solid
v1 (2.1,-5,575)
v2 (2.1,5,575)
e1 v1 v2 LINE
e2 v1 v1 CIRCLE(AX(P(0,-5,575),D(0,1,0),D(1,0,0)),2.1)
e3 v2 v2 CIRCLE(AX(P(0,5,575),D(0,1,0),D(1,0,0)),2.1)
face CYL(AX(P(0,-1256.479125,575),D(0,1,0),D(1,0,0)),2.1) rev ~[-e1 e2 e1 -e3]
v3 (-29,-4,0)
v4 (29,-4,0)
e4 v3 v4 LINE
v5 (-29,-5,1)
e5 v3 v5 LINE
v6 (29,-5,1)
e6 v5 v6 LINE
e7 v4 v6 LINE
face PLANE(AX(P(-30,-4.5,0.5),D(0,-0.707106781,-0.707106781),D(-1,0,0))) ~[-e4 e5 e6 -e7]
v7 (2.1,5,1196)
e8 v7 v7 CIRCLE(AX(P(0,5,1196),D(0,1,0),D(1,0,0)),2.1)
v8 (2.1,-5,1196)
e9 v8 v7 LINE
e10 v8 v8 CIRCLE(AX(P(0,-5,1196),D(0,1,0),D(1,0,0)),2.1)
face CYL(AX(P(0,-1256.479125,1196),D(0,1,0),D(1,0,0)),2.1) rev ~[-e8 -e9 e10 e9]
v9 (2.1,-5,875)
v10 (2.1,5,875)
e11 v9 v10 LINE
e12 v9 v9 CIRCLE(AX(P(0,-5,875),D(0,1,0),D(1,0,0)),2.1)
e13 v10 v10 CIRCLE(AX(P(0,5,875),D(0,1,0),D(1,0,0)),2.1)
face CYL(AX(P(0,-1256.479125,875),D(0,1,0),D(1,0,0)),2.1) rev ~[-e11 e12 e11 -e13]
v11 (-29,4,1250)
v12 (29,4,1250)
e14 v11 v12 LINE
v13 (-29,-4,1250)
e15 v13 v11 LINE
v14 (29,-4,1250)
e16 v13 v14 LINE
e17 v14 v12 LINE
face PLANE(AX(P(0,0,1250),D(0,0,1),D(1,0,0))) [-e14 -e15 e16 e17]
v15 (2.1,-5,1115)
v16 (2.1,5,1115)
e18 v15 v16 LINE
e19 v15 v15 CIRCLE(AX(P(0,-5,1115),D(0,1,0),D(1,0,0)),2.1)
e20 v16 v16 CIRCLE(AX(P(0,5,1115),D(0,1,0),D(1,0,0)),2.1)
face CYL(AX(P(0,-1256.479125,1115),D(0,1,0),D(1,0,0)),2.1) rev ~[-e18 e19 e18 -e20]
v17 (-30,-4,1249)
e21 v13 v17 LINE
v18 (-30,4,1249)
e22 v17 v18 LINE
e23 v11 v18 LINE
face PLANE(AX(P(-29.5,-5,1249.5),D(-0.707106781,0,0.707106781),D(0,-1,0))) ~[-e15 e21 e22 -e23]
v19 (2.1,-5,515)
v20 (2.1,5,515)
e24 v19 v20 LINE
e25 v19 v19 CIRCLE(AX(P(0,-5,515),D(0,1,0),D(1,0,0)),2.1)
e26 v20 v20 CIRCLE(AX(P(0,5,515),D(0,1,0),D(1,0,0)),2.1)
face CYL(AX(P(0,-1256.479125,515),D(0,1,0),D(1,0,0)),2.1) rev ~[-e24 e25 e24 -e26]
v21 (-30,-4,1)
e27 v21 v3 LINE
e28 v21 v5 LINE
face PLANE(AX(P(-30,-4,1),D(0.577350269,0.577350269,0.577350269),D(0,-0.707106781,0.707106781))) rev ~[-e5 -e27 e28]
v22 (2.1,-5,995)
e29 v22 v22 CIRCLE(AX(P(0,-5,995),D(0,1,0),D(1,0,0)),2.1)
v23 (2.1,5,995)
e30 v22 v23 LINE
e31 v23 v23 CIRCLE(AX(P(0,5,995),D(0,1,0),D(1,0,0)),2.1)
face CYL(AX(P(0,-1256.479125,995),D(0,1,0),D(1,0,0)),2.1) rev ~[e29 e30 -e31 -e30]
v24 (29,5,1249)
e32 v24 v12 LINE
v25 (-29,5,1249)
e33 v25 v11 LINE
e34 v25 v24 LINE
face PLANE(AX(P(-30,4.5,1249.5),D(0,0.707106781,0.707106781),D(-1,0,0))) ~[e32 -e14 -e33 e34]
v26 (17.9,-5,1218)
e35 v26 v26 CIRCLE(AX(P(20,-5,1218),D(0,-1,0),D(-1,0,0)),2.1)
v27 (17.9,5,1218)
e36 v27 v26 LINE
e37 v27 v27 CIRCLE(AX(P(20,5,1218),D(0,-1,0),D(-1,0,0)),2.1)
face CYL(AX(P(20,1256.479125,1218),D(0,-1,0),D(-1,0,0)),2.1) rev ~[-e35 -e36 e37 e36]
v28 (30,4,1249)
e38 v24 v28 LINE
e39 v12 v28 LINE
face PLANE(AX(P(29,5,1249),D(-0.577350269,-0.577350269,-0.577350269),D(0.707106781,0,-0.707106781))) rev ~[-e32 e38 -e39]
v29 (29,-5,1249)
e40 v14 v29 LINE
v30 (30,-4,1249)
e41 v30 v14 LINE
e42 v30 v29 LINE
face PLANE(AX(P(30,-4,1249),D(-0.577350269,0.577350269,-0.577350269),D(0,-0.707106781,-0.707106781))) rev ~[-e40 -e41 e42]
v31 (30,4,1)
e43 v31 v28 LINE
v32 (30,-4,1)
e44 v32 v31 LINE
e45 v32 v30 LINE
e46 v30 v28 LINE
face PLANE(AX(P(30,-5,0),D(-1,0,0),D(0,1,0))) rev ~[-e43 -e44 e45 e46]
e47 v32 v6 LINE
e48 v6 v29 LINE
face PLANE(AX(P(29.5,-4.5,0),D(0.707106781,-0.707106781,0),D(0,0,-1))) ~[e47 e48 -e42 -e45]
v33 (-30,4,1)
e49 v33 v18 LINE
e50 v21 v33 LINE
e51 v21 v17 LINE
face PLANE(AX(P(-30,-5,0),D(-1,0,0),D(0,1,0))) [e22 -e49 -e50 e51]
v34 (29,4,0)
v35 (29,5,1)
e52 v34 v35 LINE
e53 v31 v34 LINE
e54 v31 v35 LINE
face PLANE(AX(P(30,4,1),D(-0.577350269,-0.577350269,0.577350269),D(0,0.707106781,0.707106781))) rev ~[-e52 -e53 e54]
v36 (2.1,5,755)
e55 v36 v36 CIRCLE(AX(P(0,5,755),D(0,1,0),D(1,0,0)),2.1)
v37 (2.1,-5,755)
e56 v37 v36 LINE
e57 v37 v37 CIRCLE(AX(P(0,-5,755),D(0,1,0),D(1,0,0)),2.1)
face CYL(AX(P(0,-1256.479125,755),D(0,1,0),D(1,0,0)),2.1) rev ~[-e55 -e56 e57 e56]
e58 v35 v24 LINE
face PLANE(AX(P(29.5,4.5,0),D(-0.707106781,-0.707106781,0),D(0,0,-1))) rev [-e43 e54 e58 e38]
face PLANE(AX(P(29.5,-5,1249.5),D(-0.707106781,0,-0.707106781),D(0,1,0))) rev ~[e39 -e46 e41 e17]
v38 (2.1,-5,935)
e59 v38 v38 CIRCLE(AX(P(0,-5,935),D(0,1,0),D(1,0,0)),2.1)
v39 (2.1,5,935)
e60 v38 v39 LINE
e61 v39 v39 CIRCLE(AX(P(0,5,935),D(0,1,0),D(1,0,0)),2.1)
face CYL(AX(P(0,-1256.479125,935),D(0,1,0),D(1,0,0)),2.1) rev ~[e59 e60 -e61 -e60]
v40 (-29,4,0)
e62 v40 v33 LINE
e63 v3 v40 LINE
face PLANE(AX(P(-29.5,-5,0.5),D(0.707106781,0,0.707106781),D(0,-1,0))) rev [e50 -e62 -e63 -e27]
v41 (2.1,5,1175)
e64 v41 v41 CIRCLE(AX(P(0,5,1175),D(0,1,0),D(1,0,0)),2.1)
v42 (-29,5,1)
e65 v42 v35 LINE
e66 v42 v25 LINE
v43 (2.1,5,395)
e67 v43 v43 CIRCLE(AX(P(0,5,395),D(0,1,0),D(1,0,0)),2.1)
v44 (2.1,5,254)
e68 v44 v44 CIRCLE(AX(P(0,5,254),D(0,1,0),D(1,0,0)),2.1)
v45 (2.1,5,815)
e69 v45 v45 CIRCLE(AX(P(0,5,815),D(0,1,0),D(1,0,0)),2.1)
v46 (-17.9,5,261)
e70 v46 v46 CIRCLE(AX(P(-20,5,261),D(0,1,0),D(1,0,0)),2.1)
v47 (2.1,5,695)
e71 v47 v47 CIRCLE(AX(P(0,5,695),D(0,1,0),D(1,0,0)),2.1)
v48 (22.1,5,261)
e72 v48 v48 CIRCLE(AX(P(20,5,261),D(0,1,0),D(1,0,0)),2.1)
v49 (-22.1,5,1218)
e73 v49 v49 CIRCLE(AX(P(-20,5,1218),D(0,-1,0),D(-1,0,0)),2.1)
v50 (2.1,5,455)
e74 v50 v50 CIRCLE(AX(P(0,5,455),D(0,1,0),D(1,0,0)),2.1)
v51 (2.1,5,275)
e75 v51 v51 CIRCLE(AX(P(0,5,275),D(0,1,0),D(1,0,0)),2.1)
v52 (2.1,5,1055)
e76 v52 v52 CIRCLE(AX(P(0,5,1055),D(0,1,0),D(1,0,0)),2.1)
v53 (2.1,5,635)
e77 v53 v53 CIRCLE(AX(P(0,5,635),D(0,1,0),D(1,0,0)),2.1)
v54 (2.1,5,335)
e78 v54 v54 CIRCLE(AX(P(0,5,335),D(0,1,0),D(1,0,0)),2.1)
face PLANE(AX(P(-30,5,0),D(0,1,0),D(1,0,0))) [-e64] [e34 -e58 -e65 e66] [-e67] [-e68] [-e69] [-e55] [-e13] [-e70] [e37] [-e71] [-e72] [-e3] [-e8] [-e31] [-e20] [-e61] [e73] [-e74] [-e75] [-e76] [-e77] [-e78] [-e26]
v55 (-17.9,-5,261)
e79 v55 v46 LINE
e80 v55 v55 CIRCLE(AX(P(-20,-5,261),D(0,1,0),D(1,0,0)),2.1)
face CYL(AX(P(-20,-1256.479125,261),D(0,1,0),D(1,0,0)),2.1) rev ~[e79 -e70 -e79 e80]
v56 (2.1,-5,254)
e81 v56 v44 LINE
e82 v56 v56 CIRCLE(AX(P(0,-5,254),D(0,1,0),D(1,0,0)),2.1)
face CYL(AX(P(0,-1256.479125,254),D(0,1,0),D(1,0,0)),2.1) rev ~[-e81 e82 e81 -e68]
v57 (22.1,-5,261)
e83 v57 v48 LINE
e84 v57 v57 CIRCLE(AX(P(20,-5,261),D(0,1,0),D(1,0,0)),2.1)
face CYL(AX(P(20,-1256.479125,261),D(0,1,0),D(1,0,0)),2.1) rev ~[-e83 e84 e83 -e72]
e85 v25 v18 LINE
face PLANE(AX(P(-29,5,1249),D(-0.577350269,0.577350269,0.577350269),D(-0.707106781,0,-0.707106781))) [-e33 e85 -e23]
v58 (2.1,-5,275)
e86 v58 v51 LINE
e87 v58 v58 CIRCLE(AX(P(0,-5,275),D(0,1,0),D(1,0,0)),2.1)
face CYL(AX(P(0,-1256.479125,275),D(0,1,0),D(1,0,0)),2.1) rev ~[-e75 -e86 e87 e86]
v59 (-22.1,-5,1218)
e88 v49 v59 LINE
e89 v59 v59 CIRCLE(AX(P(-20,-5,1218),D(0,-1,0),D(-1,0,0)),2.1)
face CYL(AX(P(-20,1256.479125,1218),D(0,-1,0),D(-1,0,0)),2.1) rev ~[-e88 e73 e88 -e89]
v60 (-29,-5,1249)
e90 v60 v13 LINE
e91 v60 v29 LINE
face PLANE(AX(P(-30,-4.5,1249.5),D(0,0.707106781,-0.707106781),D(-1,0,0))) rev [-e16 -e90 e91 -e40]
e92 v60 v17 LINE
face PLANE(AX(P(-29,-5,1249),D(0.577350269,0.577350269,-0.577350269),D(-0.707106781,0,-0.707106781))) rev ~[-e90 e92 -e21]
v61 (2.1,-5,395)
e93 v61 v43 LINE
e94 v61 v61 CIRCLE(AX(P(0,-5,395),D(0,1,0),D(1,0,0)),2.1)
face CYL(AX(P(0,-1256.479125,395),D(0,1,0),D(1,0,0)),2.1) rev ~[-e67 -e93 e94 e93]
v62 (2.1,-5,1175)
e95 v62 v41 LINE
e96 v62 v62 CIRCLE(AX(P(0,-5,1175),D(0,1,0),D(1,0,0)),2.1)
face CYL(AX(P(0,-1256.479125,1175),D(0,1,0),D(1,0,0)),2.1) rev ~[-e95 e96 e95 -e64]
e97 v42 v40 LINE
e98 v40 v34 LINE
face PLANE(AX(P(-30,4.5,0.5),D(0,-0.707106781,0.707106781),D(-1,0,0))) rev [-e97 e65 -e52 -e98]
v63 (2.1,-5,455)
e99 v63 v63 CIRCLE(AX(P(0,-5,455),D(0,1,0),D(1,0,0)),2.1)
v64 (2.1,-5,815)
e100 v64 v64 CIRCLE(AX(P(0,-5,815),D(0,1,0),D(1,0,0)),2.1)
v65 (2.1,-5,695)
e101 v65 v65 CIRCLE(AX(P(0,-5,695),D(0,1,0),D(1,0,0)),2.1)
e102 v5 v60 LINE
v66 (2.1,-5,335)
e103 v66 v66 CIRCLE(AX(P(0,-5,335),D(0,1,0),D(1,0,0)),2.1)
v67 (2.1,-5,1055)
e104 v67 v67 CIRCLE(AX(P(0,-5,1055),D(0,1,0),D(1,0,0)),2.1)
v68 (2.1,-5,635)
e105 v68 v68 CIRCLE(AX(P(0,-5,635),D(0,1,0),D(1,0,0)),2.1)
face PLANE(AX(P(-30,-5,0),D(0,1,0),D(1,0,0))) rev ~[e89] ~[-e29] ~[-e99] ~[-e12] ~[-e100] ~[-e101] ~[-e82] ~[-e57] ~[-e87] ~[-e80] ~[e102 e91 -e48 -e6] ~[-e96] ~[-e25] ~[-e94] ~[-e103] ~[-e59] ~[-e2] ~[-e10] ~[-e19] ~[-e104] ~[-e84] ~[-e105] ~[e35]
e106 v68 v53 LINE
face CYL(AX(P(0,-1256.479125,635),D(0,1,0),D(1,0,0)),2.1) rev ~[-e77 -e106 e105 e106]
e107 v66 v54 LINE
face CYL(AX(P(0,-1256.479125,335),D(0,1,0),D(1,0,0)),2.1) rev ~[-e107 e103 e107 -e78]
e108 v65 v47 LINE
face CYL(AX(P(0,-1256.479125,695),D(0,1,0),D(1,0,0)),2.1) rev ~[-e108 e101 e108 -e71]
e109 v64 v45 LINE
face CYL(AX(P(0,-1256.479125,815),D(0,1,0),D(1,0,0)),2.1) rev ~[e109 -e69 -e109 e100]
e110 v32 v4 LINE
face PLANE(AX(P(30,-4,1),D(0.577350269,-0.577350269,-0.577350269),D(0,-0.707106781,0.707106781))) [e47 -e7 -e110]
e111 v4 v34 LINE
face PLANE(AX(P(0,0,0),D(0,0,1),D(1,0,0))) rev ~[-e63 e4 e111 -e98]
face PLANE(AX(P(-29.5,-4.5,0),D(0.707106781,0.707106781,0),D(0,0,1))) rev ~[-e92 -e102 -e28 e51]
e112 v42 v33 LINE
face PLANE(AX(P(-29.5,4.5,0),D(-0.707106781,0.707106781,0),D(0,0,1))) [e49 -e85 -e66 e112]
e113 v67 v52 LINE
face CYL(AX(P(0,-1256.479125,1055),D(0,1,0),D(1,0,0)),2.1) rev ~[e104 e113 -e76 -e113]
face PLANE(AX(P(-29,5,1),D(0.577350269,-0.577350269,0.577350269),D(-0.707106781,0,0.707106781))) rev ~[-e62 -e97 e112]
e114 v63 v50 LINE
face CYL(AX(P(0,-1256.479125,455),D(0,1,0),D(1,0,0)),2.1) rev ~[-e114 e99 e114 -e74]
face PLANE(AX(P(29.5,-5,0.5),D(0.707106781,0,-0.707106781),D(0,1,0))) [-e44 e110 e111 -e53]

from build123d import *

# Parameters (mm, degrees)
SKETCH_1_W         = 60
SKETCH_1_H         = 10
EXTRUDE_2_DEPTH    = 1250
HOLE_WIZARD_M5_2_D = 4.2
HOLE_WIZARD_M5_1_D = 4.2
CHAMFER_1_SIZE     = 1
HOLE_WIZARD_M5_3_D = 4.2
HOLE_WIZARD_M5_4_D = 4.2


with BuildPart() as part:
    # 草图1 → 凸台-拉伸2 (new body)
    with BuildSketch(Plane.XY):
        Rectangle(SKETCH_1_W, SKETCH_1_H)
    extrude(amount=EXTRUDE_2_DEPTH)

    # M5 螺纹孔2 (through all)
    with Locations(Plane(origin=(0, -5, 0), x_dir=(-1, 0, 0), z_dir=(0, -1, 0))):
        with Locations((0, -275), (0, -335), (0, -395), (0, -455), (0, -515), (0, -575), (0, -635), (0, -695), (0, -755), (0, -815), (0, -875), (0, -935), (0, -995), (0, -1055), (0, -1115), (0, -1175)):
            Hole(HOLE_WIZARD_M5_2_D / 2)

    # M5 螺纹孔1 (through all)
    with Locations(Plane(origin=(0, -5, 0), x_dir=(-1, 0, 0), z_dir=(0, -1, 0))):
        with Locations((0, -254), (0, -1196)):
            Hole(HOLE_WIZARD_M5_1_D / 2)

    # 倒角1
    chamfer_1_edges = [part.edges().sort_by_distance(p)[0] for p in [
        (-30, 0, 1250),
        (0, -5, 1250),
        (30, 0, 1250),
        (0, -5, 0),
        (-30, 0, 0),
        (0, 5, 0),
        (30, 0, 0),
        (0, 5, 1250),
        (30, -5, 625),
        (-30, -5, 625),
        (-30, 5, 625),
        (30, 5, 625),
    ]]
    chamfer(chamfer_1_edges, length=CHAMFER_1_SIZE)

    # M5 螺纹孔3 (through all)
    with Locations(Plane(origin=(0, -5, 0), x_dir=(-1, 0, 0), z_dir=(0, -1, 0))):
        with Locations((-20, -261), (20, -261)):
            Hole(HOLE_WIZARD_M5_3_D / 2)

    # M5 螺纹孔4 (through all)
    with Locations(Plane(origin=(0, 5, 0), x_dir=(1, 0, 0), z_dir=(0, 1, 0))):
        with Locations((20, -1218), (-20, -1218)):
            Hole(HOLE_WIZARD_M5_4_D / 2)


solid = part.part
